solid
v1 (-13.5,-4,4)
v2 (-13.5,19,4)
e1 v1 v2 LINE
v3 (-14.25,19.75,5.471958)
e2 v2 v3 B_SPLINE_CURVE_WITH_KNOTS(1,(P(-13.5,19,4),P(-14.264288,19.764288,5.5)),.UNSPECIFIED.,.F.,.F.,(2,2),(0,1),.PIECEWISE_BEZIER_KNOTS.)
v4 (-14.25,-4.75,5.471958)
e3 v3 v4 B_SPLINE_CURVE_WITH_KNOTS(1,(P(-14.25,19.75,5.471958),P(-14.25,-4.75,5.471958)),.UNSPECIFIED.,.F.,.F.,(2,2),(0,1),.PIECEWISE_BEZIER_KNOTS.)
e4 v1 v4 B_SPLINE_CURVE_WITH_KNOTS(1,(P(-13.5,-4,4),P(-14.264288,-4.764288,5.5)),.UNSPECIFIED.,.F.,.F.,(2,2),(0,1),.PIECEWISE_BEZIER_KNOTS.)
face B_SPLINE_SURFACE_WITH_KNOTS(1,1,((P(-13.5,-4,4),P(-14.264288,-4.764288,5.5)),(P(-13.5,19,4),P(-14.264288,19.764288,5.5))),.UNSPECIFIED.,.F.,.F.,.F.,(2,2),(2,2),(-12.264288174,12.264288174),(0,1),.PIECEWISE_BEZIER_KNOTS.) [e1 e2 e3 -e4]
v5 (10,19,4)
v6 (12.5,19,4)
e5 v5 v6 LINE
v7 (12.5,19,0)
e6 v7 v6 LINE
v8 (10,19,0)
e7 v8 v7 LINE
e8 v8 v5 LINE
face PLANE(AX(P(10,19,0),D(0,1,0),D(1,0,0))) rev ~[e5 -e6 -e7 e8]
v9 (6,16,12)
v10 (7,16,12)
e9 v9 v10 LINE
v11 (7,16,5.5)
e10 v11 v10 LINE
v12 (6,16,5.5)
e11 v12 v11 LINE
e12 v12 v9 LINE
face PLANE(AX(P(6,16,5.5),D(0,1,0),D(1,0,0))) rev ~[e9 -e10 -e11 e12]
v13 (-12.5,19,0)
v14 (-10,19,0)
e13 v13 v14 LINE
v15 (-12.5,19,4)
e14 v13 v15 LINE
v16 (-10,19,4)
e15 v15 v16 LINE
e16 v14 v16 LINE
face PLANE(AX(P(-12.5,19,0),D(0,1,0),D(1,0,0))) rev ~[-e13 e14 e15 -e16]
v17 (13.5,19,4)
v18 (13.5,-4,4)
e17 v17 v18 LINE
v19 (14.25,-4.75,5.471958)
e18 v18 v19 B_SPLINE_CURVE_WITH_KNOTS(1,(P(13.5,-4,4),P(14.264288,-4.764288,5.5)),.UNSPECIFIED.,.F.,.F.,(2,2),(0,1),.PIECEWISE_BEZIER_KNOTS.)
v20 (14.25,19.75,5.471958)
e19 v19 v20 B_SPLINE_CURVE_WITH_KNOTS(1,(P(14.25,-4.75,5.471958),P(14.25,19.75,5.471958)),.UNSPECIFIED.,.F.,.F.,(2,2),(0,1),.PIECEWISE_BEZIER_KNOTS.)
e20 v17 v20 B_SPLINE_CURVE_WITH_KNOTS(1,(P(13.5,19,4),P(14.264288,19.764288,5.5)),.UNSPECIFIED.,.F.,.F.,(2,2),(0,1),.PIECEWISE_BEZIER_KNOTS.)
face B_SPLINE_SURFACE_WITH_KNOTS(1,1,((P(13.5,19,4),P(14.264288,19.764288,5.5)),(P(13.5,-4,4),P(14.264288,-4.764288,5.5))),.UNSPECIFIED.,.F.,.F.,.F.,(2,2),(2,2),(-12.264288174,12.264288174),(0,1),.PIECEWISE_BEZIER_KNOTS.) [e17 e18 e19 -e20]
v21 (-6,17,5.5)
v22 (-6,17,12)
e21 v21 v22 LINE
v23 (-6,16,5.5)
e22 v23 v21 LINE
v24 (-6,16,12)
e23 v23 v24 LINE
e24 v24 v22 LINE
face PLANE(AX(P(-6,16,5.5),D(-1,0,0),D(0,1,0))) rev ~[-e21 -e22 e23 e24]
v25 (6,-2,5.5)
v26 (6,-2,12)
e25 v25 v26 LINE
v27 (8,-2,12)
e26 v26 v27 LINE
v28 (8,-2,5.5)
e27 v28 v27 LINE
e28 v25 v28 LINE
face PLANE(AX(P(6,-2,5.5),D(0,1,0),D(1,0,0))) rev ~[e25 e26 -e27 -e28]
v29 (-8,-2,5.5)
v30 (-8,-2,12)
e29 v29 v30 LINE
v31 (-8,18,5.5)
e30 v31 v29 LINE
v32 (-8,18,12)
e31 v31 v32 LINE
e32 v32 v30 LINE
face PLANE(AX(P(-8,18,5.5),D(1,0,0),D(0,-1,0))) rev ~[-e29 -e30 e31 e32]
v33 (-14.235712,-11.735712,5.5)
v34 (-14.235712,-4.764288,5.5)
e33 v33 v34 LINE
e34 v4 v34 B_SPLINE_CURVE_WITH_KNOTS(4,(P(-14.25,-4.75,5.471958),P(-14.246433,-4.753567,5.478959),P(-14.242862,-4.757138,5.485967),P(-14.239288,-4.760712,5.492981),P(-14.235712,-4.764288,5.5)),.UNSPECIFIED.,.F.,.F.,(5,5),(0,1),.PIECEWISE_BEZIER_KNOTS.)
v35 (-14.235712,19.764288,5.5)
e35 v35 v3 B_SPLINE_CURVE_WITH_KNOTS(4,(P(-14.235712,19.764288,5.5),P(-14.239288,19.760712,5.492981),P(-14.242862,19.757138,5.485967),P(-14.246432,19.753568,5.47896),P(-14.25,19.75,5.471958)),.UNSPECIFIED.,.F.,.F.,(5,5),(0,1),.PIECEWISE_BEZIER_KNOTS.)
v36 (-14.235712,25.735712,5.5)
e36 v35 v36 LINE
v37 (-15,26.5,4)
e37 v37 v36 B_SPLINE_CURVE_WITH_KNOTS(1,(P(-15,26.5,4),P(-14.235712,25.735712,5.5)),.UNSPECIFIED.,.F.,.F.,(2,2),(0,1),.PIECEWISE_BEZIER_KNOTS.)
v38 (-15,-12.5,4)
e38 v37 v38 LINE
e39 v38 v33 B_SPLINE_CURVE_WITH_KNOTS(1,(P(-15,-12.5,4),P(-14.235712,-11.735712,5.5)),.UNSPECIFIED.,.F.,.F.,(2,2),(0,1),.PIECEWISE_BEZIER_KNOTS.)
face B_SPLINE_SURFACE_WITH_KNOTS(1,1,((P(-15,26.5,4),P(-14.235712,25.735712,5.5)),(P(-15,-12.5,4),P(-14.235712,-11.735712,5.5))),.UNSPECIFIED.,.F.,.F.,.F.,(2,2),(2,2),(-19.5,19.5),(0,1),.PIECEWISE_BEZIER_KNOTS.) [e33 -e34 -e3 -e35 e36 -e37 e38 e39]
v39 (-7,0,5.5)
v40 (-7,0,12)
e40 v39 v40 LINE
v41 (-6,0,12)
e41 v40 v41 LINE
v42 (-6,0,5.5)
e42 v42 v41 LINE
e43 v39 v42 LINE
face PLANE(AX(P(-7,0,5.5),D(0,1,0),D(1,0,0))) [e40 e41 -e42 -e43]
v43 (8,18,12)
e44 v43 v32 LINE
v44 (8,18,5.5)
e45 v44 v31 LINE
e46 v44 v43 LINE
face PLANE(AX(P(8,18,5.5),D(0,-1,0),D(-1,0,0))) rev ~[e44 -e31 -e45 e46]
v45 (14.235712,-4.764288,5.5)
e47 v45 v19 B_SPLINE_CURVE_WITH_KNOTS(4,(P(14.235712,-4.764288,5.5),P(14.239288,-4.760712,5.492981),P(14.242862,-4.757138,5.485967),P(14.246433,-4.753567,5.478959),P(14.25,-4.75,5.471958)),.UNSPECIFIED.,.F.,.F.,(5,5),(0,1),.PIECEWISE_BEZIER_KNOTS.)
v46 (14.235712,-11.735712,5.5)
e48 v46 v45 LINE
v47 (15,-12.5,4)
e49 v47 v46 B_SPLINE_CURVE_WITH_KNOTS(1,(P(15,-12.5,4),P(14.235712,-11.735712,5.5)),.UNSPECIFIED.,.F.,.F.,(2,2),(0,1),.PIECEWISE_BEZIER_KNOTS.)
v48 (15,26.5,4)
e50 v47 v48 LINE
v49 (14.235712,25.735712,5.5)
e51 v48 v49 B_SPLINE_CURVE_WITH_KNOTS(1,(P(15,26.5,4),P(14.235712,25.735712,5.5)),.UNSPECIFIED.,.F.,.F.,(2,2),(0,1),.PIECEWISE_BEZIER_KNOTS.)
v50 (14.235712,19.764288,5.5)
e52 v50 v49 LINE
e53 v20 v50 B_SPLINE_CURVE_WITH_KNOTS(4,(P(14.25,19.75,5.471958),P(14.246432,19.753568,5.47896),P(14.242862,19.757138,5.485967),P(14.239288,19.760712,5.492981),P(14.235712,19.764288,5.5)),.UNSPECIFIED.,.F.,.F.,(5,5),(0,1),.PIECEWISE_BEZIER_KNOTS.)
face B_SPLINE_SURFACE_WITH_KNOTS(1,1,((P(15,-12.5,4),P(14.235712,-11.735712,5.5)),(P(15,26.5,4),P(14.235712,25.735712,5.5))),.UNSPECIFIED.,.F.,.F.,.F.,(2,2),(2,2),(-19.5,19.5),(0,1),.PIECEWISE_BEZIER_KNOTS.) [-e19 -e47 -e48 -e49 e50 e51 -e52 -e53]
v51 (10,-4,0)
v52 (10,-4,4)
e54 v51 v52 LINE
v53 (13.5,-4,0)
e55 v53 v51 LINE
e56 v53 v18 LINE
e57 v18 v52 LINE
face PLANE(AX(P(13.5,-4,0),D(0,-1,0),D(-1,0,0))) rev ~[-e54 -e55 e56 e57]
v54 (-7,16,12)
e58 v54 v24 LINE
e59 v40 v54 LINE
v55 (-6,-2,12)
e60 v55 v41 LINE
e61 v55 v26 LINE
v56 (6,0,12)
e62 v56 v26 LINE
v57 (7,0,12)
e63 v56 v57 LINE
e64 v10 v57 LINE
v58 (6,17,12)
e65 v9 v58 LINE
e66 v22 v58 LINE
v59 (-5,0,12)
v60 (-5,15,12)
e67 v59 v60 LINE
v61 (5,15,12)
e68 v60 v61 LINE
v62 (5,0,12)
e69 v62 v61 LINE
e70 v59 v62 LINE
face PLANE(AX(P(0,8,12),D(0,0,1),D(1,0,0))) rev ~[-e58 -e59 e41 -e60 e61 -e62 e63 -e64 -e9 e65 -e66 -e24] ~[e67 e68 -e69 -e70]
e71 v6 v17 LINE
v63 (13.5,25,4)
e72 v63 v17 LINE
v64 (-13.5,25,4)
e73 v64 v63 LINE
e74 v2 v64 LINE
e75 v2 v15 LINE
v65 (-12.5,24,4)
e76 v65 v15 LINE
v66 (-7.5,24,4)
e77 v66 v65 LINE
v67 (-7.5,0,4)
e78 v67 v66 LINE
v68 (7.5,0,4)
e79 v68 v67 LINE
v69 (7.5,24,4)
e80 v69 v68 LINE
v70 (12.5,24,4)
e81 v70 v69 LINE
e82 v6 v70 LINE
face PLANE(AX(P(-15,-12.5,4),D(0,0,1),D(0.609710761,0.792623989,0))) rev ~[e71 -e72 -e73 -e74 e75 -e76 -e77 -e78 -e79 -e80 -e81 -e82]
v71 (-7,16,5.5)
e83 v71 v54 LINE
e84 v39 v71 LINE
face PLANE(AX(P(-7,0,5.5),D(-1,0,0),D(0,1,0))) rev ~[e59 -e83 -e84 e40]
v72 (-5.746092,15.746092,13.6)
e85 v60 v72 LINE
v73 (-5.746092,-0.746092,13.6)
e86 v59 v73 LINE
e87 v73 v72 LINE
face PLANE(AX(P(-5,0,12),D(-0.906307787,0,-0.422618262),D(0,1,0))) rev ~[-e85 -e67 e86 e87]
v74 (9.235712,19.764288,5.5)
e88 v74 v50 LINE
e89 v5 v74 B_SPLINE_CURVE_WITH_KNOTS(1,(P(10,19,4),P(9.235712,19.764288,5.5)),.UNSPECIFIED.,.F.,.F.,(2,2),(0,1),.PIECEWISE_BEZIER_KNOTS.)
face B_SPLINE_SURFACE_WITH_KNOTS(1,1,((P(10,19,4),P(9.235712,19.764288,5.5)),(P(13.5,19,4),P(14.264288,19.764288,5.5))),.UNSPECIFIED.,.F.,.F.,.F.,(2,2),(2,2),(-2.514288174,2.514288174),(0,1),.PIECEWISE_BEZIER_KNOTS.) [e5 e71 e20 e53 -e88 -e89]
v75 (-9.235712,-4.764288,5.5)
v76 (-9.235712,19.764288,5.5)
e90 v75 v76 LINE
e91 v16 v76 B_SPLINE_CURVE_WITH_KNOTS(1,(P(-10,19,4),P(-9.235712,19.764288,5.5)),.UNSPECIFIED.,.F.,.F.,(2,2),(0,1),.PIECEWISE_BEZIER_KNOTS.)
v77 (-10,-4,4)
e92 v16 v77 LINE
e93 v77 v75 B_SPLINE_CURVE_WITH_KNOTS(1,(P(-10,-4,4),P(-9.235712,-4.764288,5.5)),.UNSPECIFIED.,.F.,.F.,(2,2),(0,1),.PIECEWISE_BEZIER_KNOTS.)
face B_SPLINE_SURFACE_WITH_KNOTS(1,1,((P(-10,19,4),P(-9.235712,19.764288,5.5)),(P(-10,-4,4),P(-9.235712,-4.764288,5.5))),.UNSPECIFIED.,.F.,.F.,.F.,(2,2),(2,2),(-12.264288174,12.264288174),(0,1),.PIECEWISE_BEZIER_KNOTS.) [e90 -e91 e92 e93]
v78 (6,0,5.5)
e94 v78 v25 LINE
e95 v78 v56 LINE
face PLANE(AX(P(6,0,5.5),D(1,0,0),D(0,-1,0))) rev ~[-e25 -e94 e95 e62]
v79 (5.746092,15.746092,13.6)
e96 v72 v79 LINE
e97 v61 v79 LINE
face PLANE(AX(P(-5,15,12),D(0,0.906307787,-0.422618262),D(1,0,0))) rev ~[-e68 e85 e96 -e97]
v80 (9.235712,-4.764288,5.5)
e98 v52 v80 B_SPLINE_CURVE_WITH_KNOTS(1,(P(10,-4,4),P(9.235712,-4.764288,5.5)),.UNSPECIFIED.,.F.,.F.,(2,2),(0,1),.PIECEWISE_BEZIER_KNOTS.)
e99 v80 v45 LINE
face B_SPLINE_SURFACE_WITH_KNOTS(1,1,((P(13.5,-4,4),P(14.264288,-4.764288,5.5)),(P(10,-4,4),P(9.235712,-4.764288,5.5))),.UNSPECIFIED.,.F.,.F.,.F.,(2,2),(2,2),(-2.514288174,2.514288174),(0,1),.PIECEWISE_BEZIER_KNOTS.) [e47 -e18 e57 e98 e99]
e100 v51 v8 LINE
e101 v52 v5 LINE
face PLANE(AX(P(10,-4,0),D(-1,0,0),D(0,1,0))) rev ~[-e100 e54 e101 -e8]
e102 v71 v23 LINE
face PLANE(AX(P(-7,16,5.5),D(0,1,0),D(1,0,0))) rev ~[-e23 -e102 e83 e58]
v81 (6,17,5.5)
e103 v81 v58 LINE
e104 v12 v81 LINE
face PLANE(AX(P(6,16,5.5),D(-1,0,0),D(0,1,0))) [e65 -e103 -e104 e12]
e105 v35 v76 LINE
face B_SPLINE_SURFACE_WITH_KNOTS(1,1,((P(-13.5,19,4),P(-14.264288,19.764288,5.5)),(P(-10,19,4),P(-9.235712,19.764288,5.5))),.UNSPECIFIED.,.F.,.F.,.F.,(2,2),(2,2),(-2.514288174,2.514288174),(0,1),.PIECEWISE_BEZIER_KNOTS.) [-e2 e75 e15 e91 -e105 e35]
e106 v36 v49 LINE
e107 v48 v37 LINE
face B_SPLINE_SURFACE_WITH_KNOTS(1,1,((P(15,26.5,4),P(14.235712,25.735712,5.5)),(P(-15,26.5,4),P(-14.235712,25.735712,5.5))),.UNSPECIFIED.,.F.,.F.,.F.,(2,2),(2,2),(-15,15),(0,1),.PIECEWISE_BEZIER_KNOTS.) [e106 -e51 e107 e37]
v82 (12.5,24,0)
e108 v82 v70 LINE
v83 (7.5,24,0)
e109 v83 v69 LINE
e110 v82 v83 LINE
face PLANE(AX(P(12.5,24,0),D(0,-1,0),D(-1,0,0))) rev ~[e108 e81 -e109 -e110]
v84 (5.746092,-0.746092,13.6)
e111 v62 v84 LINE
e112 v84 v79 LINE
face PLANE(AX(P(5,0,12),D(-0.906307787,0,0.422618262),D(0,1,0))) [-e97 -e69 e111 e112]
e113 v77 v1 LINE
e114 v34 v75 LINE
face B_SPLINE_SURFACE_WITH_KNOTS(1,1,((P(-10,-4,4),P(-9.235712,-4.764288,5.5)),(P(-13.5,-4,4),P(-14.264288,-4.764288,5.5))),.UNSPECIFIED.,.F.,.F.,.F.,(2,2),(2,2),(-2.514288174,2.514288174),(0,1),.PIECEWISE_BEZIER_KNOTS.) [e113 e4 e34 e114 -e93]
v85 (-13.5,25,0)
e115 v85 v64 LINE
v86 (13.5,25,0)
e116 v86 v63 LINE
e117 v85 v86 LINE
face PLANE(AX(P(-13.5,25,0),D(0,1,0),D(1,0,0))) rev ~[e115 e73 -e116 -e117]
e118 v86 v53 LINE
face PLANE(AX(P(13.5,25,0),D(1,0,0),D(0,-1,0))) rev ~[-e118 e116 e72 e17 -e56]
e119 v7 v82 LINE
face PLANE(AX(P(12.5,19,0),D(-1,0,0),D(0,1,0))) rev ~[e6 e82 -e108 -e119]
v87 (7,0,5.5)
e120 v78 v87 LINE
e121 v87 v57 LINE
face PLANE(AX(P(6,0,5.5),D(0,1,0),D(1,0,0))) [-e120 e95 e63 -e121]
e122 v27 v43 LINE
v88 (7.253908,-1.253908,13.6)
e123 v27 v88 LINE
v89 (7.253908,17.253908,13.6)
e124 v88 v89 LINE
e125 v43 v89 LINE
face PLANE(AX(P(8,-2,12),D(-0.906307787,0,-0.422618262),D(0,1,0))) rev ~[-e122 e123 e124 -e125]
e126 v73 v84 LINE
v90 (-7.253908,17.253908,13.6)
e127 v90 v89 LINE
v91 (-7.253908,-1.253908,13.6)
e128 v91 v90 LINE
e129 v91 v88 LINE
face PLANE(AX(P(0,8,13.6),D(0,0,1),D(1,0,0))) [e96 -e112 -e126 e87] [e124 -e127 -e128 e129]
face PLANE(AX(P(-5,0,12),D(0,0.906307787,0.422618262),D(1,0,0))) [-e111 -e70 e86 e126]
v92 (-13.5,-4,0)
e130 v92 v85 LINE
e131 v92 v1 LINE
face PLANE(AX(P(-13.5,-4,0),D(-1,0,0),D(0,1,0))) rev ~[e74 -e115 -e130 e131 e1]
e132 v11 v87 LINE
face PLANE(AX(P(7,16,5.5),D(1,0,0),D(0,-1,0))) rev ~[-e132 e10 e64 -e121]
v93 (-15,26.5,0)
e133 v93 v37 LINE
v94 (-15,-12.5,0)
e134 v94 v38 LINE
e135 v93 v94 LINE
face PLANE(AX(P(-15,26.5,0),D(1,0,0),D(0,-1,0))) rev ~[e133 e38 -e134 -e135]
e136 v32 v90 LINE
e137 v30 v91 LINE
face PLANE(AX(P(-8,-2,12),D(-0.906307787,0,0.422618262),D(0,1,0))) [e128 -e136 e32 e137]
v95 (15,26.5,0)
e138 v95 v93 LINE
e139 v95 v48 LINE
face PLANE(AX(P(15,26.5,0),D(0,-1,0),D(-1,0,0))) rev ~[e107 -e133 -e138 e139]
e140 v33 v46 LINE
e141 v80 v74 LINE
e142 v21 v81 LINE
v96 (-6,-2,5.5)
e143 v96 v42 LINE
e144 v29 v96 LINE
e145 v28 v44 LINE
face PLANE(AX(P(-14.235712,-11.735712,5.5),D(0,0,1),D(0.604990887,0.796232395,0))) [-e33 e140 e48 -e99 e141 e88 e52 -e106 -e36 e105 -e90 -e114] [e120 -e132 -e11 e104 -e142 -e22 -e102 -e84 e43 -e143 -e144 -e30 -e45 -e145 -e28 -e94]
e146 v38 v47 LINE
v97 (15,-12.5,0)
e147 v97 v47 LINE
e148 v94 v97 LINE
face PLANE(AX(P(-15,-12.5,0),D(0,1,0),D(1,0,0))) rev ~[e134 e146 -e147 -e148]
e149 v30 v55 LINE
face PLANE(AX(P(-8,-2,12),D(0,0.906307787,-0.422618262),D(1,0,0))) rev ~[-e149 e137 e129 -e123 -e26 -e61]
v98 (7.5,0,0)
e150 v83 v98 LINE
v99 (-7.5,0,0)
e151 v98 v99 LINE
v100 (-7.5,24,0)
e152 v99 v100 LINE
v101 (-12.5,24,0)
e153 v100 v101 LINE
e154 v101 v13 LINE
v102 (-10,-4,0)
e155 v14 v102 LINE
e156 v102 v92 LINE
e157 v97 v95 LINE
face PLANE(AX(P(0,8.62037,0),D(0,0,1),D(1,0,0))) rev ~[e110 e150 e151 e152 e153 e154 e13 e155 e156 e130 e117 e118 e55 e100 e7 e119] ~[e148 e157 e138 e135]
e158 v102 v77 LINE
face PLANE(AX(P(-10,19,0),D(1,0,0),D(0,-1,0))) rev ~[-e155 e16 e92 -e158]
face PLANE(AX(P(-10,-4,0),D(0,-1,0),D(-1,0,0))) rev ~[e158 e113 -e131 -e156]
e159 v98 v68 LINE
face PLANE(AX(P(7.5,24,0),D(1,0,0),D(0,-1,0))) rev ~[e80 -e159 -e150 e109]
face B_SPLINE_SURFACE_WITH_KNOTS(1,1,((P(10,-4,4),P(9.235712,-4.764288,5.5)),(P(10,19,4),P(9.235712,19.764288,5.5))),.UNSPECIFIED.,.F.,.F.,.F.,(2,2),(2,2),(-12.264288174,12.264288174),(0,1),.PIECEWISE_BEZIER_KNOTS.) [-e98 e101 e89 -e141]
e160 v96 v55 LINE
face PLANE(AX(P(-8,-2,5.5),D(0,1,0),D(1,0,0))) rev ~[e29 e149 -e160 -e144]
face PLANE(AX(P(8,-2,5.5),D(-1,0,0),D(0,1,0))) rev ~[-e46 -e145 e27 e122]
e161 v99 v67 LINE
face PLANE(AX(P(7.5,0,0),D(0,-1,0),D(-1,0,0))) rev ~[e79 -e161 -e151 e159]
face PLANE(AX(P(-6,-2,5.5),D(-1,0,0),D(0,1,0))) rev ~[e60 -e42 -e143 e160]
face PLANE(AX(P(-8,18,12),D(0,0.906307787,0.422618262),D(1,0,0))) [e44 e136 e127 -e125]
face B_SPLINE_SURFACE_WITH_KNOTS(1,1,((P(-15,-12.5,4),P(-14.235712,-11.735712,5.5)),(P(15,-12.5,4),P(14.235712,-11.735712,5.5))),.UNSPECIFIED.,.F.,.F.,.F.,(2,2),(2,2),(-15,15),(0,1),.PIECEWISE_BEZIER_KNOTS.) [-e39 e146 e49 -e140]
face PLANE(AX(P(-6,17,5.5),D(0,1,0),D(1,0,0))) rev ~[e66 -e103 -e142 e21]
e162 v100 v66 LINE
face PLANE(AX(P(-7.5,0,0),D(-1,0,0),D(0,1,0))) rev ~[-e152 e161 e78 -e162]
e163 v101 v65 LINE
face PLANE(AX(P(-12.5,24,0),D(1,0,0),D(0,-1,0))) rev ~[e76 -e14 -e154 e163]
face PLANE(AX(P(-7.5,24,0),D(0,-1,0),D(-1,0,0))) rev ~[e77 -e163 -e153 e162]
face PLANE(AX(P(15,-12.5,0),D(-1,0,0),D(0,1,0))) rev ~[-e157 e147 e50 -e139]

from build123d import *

# Parameters (mm, degrees)
ESBO_O1_W                = 6
ESBO_O1_H                = 6
ESBO_O1_H_2              = 1
ESBO_O1_H_3              = 1.5
RESSALTO_EXTRUS_O1_DEPTH = 4
ESBO_O2_W                = 30
ESBO_O2_H                = 39
ESBO_O2_W_2              = 3.5
ESBO_O2_H_2              = 23
RESSALTO_EXTRUS_O2_DEPTH = 1.5
RESSALTO_EXTRUS_O2_TAPER = 27
ESBO_O3_W                = 1
ESBO_O3_H                = 1
RESSALTO_EXTRUS_O3_DEPTH = 6.5
ESBO_O4_W                = 16
ESBO_O4_H                = 20
ESBO_O4_W_2              = 10
ESBO_O4_H_2              = 15
RESSALTO_EXTRUS_O4_DEPTH = 1.6
RESSALTO_EXTRUS_O4_DRAFT = 25


with BuildPart() as part:
    # Esboço1 → Ressalto-extrusão1 (new body)
    with BuildSketch(Plane.XY):
        Polygon((13.5, 25), (13.5, 19), (13.5, 0), (13.5, -4), (13.5, -11), (6, -11), (6, -12.5), (15, -12.5), (15, 0), (15, 26.5), (0, 26.5), (-15, 26.5), (-15, 0), (-15, -12.5), (-6, -12.5), (-6, -11), (-13.5, -11), (-13.5, -4), (-13.5, 0), (-13.5, 19), (-13.5, 25), (0, 25), align=None)
        Polygon((-10, 0), (-7.5, 0), (-7.5, 19), (-7.5, 24), (-12.5, 24), (-12.5, 19), (-10, 19), align=None)
        Polygon((7.5, 19), (7.5, 0), (10, 0), (10, 19), (12.5, 19), (12.5, 24), (7.5, 24), align=None)
        Polygon((7.5, 0), (0, 0), (-7.5, 0), (-10, 0), (-10, -4), (-6, -4), (0, -4), (6, -4), (10, -4), (10, 0), align=None)
        Polygon((-6, -4), (-10, -4), (-12.5, -4), (-12.5, -10), (-6, -10), align=None)
        Polygon((-12.5, -10), (-12.5, -4), (-13.5, -4), (-13.5, -11), (-6, -11), (-6, -10), align=None)
        Polygon((12.5, -4), (10, -4), (6, -4), (6, -10), (12.5, -10), align=None)
        Polygon((13.5, -4), (12.5, -4), (12.5, -10), (6, -10), (6, -11), (13.5, -11), align=None)
        with Locations((-3, -7)):
            Rectangle(ESBO_O1_W, ESBO_O1_H)
        with Locations((3, -7)):
            Rectangle(ESBO_O1_W, ESBO_O1_H)
        with Locations((3, -10.5)):
            Rectangle(ESBO_O1_W, ESBO_O1_H_2)
        with Locations((-3, -10.5)):
            Rectangle(ESBO_O1_W, ESBO_O1_H_2)
        with Locations((-3, -11.75)):
            Rectangle(ESBO_O1_W, ESBO_O1_H_3)
        with Locations((3, -11.75)):
            Rectangle(ESBO_O1_W, ESBO_O1_H_3)
    extrude(amount=RESSALTO_EXTRUS_O1_DEPTH)

    # Esboço2 → Ressalto-extrusão2 (add)
    with BuildSketch(Plane.XY.offset(4)):
        with Locations((0, 7)):
            Rectangle(ESBO_O2_W, ESBO_O2_H)
        with Locations((11.75, 7.5)):
            Rectangle(ESBO_O2_W_2, ESBO_O2_H_2, mode=Mode.SUBTRACT)
        with Locations((-11.75, 7.5)):
            Rectangle(ESBO_O2_W_2, ESBO_O2_H_2, mode=Mode.SUBTRACT)
    extrude(amount=RESSALTO_EXTRUS_O2_DEPTH, taper=RESSALTO_EXTRUS_O2_TAPER)

    # Esboço3 → Ressalto-extrusão3 (add)
    with BuildSketch(Plane.XY.offset(5.5)):
        Polygon((7, 16), (7, 0), (7, -1), (7, -2), (8, -2), (8, 18), (-8, 18), (-8, -2), (-7, -2), (-7, -1), (-7, 0), (-7, 16), (-7, 17), (-6, 17), (6, 17), (7, 17), align=None)
        with Locations((-6.5, -1.5)):
            Rectangle(ESBO_O3_W, ESBO_O3_H)
        with Locations((-6.5, -0.5)):
            Rectangle(ESBO_O3_W, ESBO_O3_H)
        with Locations((-6.5, 16.5)):
            Rectangle(ESBO_O3_W, ESBO_O3_H)
        with Locations((6.5, 16.5)):
            Rectangle(ESBO_O3_W, ESBO_O3_H)
        with Locations((6.5, -0.5)):
            Rectangle(ESBO_O3_W, ESBO_O3_H)
        with Locations((6.5, -1.5)):
            Rectangle(ESBO_O3_W, ESBO_O3_H)
    extrude(amount=RESSALTO_EXTRUS_O3_DEPTH)


with BuildPart() as ressalto_extrus_o4_tool:
    # Esboço4 → Ressalto-extrusão4 (with draft: the straight prism first)
    with BuildSketch(Plane.XY.offset(12)):
        with Locations((0, 8)):
            Rectangle(ESBO_O4_W, ESBO_O4_H)
        with Locations((0, 7.5)):
            Rectangle(ESBO_O4_W_2, ESBO_O4_H_2, mode=Mode.SUBTRACT)
    extrude(amount=RESSALTO_EXTRUS_O4_DEPTH)
    # Ressalto-extrusão4: the draft: its side faces are tilted about the plane it starts from
    ressalto_extrus_o4_sides = [ressalto_extrus_o4_tool.faces().sort_by_distance(p)[0] for p in [
        (-8, 8, 12.8),
        (0, -2, 12.8),
        (8, 8, 12.8),
        (0, 18, 12.8),
        (0, 15, 12.8),
        (5, 7.5, 12.8),
        (0, 0, 12.8),
        (-5, 7.5, 12.8),
    ]]
    draft(ressalto_extrus_o4_sides, Plane.XY.offset(12), RESSALTO_EXTRUS_O4_DRAFT)


with BuildPart() as part_1:
    add(part.part)

    # Ressalto-extrusão4: add ressalto_extrus_o4_tool
    add(ressalto_extrus_o4_tool.part)


solid = part_1.part
